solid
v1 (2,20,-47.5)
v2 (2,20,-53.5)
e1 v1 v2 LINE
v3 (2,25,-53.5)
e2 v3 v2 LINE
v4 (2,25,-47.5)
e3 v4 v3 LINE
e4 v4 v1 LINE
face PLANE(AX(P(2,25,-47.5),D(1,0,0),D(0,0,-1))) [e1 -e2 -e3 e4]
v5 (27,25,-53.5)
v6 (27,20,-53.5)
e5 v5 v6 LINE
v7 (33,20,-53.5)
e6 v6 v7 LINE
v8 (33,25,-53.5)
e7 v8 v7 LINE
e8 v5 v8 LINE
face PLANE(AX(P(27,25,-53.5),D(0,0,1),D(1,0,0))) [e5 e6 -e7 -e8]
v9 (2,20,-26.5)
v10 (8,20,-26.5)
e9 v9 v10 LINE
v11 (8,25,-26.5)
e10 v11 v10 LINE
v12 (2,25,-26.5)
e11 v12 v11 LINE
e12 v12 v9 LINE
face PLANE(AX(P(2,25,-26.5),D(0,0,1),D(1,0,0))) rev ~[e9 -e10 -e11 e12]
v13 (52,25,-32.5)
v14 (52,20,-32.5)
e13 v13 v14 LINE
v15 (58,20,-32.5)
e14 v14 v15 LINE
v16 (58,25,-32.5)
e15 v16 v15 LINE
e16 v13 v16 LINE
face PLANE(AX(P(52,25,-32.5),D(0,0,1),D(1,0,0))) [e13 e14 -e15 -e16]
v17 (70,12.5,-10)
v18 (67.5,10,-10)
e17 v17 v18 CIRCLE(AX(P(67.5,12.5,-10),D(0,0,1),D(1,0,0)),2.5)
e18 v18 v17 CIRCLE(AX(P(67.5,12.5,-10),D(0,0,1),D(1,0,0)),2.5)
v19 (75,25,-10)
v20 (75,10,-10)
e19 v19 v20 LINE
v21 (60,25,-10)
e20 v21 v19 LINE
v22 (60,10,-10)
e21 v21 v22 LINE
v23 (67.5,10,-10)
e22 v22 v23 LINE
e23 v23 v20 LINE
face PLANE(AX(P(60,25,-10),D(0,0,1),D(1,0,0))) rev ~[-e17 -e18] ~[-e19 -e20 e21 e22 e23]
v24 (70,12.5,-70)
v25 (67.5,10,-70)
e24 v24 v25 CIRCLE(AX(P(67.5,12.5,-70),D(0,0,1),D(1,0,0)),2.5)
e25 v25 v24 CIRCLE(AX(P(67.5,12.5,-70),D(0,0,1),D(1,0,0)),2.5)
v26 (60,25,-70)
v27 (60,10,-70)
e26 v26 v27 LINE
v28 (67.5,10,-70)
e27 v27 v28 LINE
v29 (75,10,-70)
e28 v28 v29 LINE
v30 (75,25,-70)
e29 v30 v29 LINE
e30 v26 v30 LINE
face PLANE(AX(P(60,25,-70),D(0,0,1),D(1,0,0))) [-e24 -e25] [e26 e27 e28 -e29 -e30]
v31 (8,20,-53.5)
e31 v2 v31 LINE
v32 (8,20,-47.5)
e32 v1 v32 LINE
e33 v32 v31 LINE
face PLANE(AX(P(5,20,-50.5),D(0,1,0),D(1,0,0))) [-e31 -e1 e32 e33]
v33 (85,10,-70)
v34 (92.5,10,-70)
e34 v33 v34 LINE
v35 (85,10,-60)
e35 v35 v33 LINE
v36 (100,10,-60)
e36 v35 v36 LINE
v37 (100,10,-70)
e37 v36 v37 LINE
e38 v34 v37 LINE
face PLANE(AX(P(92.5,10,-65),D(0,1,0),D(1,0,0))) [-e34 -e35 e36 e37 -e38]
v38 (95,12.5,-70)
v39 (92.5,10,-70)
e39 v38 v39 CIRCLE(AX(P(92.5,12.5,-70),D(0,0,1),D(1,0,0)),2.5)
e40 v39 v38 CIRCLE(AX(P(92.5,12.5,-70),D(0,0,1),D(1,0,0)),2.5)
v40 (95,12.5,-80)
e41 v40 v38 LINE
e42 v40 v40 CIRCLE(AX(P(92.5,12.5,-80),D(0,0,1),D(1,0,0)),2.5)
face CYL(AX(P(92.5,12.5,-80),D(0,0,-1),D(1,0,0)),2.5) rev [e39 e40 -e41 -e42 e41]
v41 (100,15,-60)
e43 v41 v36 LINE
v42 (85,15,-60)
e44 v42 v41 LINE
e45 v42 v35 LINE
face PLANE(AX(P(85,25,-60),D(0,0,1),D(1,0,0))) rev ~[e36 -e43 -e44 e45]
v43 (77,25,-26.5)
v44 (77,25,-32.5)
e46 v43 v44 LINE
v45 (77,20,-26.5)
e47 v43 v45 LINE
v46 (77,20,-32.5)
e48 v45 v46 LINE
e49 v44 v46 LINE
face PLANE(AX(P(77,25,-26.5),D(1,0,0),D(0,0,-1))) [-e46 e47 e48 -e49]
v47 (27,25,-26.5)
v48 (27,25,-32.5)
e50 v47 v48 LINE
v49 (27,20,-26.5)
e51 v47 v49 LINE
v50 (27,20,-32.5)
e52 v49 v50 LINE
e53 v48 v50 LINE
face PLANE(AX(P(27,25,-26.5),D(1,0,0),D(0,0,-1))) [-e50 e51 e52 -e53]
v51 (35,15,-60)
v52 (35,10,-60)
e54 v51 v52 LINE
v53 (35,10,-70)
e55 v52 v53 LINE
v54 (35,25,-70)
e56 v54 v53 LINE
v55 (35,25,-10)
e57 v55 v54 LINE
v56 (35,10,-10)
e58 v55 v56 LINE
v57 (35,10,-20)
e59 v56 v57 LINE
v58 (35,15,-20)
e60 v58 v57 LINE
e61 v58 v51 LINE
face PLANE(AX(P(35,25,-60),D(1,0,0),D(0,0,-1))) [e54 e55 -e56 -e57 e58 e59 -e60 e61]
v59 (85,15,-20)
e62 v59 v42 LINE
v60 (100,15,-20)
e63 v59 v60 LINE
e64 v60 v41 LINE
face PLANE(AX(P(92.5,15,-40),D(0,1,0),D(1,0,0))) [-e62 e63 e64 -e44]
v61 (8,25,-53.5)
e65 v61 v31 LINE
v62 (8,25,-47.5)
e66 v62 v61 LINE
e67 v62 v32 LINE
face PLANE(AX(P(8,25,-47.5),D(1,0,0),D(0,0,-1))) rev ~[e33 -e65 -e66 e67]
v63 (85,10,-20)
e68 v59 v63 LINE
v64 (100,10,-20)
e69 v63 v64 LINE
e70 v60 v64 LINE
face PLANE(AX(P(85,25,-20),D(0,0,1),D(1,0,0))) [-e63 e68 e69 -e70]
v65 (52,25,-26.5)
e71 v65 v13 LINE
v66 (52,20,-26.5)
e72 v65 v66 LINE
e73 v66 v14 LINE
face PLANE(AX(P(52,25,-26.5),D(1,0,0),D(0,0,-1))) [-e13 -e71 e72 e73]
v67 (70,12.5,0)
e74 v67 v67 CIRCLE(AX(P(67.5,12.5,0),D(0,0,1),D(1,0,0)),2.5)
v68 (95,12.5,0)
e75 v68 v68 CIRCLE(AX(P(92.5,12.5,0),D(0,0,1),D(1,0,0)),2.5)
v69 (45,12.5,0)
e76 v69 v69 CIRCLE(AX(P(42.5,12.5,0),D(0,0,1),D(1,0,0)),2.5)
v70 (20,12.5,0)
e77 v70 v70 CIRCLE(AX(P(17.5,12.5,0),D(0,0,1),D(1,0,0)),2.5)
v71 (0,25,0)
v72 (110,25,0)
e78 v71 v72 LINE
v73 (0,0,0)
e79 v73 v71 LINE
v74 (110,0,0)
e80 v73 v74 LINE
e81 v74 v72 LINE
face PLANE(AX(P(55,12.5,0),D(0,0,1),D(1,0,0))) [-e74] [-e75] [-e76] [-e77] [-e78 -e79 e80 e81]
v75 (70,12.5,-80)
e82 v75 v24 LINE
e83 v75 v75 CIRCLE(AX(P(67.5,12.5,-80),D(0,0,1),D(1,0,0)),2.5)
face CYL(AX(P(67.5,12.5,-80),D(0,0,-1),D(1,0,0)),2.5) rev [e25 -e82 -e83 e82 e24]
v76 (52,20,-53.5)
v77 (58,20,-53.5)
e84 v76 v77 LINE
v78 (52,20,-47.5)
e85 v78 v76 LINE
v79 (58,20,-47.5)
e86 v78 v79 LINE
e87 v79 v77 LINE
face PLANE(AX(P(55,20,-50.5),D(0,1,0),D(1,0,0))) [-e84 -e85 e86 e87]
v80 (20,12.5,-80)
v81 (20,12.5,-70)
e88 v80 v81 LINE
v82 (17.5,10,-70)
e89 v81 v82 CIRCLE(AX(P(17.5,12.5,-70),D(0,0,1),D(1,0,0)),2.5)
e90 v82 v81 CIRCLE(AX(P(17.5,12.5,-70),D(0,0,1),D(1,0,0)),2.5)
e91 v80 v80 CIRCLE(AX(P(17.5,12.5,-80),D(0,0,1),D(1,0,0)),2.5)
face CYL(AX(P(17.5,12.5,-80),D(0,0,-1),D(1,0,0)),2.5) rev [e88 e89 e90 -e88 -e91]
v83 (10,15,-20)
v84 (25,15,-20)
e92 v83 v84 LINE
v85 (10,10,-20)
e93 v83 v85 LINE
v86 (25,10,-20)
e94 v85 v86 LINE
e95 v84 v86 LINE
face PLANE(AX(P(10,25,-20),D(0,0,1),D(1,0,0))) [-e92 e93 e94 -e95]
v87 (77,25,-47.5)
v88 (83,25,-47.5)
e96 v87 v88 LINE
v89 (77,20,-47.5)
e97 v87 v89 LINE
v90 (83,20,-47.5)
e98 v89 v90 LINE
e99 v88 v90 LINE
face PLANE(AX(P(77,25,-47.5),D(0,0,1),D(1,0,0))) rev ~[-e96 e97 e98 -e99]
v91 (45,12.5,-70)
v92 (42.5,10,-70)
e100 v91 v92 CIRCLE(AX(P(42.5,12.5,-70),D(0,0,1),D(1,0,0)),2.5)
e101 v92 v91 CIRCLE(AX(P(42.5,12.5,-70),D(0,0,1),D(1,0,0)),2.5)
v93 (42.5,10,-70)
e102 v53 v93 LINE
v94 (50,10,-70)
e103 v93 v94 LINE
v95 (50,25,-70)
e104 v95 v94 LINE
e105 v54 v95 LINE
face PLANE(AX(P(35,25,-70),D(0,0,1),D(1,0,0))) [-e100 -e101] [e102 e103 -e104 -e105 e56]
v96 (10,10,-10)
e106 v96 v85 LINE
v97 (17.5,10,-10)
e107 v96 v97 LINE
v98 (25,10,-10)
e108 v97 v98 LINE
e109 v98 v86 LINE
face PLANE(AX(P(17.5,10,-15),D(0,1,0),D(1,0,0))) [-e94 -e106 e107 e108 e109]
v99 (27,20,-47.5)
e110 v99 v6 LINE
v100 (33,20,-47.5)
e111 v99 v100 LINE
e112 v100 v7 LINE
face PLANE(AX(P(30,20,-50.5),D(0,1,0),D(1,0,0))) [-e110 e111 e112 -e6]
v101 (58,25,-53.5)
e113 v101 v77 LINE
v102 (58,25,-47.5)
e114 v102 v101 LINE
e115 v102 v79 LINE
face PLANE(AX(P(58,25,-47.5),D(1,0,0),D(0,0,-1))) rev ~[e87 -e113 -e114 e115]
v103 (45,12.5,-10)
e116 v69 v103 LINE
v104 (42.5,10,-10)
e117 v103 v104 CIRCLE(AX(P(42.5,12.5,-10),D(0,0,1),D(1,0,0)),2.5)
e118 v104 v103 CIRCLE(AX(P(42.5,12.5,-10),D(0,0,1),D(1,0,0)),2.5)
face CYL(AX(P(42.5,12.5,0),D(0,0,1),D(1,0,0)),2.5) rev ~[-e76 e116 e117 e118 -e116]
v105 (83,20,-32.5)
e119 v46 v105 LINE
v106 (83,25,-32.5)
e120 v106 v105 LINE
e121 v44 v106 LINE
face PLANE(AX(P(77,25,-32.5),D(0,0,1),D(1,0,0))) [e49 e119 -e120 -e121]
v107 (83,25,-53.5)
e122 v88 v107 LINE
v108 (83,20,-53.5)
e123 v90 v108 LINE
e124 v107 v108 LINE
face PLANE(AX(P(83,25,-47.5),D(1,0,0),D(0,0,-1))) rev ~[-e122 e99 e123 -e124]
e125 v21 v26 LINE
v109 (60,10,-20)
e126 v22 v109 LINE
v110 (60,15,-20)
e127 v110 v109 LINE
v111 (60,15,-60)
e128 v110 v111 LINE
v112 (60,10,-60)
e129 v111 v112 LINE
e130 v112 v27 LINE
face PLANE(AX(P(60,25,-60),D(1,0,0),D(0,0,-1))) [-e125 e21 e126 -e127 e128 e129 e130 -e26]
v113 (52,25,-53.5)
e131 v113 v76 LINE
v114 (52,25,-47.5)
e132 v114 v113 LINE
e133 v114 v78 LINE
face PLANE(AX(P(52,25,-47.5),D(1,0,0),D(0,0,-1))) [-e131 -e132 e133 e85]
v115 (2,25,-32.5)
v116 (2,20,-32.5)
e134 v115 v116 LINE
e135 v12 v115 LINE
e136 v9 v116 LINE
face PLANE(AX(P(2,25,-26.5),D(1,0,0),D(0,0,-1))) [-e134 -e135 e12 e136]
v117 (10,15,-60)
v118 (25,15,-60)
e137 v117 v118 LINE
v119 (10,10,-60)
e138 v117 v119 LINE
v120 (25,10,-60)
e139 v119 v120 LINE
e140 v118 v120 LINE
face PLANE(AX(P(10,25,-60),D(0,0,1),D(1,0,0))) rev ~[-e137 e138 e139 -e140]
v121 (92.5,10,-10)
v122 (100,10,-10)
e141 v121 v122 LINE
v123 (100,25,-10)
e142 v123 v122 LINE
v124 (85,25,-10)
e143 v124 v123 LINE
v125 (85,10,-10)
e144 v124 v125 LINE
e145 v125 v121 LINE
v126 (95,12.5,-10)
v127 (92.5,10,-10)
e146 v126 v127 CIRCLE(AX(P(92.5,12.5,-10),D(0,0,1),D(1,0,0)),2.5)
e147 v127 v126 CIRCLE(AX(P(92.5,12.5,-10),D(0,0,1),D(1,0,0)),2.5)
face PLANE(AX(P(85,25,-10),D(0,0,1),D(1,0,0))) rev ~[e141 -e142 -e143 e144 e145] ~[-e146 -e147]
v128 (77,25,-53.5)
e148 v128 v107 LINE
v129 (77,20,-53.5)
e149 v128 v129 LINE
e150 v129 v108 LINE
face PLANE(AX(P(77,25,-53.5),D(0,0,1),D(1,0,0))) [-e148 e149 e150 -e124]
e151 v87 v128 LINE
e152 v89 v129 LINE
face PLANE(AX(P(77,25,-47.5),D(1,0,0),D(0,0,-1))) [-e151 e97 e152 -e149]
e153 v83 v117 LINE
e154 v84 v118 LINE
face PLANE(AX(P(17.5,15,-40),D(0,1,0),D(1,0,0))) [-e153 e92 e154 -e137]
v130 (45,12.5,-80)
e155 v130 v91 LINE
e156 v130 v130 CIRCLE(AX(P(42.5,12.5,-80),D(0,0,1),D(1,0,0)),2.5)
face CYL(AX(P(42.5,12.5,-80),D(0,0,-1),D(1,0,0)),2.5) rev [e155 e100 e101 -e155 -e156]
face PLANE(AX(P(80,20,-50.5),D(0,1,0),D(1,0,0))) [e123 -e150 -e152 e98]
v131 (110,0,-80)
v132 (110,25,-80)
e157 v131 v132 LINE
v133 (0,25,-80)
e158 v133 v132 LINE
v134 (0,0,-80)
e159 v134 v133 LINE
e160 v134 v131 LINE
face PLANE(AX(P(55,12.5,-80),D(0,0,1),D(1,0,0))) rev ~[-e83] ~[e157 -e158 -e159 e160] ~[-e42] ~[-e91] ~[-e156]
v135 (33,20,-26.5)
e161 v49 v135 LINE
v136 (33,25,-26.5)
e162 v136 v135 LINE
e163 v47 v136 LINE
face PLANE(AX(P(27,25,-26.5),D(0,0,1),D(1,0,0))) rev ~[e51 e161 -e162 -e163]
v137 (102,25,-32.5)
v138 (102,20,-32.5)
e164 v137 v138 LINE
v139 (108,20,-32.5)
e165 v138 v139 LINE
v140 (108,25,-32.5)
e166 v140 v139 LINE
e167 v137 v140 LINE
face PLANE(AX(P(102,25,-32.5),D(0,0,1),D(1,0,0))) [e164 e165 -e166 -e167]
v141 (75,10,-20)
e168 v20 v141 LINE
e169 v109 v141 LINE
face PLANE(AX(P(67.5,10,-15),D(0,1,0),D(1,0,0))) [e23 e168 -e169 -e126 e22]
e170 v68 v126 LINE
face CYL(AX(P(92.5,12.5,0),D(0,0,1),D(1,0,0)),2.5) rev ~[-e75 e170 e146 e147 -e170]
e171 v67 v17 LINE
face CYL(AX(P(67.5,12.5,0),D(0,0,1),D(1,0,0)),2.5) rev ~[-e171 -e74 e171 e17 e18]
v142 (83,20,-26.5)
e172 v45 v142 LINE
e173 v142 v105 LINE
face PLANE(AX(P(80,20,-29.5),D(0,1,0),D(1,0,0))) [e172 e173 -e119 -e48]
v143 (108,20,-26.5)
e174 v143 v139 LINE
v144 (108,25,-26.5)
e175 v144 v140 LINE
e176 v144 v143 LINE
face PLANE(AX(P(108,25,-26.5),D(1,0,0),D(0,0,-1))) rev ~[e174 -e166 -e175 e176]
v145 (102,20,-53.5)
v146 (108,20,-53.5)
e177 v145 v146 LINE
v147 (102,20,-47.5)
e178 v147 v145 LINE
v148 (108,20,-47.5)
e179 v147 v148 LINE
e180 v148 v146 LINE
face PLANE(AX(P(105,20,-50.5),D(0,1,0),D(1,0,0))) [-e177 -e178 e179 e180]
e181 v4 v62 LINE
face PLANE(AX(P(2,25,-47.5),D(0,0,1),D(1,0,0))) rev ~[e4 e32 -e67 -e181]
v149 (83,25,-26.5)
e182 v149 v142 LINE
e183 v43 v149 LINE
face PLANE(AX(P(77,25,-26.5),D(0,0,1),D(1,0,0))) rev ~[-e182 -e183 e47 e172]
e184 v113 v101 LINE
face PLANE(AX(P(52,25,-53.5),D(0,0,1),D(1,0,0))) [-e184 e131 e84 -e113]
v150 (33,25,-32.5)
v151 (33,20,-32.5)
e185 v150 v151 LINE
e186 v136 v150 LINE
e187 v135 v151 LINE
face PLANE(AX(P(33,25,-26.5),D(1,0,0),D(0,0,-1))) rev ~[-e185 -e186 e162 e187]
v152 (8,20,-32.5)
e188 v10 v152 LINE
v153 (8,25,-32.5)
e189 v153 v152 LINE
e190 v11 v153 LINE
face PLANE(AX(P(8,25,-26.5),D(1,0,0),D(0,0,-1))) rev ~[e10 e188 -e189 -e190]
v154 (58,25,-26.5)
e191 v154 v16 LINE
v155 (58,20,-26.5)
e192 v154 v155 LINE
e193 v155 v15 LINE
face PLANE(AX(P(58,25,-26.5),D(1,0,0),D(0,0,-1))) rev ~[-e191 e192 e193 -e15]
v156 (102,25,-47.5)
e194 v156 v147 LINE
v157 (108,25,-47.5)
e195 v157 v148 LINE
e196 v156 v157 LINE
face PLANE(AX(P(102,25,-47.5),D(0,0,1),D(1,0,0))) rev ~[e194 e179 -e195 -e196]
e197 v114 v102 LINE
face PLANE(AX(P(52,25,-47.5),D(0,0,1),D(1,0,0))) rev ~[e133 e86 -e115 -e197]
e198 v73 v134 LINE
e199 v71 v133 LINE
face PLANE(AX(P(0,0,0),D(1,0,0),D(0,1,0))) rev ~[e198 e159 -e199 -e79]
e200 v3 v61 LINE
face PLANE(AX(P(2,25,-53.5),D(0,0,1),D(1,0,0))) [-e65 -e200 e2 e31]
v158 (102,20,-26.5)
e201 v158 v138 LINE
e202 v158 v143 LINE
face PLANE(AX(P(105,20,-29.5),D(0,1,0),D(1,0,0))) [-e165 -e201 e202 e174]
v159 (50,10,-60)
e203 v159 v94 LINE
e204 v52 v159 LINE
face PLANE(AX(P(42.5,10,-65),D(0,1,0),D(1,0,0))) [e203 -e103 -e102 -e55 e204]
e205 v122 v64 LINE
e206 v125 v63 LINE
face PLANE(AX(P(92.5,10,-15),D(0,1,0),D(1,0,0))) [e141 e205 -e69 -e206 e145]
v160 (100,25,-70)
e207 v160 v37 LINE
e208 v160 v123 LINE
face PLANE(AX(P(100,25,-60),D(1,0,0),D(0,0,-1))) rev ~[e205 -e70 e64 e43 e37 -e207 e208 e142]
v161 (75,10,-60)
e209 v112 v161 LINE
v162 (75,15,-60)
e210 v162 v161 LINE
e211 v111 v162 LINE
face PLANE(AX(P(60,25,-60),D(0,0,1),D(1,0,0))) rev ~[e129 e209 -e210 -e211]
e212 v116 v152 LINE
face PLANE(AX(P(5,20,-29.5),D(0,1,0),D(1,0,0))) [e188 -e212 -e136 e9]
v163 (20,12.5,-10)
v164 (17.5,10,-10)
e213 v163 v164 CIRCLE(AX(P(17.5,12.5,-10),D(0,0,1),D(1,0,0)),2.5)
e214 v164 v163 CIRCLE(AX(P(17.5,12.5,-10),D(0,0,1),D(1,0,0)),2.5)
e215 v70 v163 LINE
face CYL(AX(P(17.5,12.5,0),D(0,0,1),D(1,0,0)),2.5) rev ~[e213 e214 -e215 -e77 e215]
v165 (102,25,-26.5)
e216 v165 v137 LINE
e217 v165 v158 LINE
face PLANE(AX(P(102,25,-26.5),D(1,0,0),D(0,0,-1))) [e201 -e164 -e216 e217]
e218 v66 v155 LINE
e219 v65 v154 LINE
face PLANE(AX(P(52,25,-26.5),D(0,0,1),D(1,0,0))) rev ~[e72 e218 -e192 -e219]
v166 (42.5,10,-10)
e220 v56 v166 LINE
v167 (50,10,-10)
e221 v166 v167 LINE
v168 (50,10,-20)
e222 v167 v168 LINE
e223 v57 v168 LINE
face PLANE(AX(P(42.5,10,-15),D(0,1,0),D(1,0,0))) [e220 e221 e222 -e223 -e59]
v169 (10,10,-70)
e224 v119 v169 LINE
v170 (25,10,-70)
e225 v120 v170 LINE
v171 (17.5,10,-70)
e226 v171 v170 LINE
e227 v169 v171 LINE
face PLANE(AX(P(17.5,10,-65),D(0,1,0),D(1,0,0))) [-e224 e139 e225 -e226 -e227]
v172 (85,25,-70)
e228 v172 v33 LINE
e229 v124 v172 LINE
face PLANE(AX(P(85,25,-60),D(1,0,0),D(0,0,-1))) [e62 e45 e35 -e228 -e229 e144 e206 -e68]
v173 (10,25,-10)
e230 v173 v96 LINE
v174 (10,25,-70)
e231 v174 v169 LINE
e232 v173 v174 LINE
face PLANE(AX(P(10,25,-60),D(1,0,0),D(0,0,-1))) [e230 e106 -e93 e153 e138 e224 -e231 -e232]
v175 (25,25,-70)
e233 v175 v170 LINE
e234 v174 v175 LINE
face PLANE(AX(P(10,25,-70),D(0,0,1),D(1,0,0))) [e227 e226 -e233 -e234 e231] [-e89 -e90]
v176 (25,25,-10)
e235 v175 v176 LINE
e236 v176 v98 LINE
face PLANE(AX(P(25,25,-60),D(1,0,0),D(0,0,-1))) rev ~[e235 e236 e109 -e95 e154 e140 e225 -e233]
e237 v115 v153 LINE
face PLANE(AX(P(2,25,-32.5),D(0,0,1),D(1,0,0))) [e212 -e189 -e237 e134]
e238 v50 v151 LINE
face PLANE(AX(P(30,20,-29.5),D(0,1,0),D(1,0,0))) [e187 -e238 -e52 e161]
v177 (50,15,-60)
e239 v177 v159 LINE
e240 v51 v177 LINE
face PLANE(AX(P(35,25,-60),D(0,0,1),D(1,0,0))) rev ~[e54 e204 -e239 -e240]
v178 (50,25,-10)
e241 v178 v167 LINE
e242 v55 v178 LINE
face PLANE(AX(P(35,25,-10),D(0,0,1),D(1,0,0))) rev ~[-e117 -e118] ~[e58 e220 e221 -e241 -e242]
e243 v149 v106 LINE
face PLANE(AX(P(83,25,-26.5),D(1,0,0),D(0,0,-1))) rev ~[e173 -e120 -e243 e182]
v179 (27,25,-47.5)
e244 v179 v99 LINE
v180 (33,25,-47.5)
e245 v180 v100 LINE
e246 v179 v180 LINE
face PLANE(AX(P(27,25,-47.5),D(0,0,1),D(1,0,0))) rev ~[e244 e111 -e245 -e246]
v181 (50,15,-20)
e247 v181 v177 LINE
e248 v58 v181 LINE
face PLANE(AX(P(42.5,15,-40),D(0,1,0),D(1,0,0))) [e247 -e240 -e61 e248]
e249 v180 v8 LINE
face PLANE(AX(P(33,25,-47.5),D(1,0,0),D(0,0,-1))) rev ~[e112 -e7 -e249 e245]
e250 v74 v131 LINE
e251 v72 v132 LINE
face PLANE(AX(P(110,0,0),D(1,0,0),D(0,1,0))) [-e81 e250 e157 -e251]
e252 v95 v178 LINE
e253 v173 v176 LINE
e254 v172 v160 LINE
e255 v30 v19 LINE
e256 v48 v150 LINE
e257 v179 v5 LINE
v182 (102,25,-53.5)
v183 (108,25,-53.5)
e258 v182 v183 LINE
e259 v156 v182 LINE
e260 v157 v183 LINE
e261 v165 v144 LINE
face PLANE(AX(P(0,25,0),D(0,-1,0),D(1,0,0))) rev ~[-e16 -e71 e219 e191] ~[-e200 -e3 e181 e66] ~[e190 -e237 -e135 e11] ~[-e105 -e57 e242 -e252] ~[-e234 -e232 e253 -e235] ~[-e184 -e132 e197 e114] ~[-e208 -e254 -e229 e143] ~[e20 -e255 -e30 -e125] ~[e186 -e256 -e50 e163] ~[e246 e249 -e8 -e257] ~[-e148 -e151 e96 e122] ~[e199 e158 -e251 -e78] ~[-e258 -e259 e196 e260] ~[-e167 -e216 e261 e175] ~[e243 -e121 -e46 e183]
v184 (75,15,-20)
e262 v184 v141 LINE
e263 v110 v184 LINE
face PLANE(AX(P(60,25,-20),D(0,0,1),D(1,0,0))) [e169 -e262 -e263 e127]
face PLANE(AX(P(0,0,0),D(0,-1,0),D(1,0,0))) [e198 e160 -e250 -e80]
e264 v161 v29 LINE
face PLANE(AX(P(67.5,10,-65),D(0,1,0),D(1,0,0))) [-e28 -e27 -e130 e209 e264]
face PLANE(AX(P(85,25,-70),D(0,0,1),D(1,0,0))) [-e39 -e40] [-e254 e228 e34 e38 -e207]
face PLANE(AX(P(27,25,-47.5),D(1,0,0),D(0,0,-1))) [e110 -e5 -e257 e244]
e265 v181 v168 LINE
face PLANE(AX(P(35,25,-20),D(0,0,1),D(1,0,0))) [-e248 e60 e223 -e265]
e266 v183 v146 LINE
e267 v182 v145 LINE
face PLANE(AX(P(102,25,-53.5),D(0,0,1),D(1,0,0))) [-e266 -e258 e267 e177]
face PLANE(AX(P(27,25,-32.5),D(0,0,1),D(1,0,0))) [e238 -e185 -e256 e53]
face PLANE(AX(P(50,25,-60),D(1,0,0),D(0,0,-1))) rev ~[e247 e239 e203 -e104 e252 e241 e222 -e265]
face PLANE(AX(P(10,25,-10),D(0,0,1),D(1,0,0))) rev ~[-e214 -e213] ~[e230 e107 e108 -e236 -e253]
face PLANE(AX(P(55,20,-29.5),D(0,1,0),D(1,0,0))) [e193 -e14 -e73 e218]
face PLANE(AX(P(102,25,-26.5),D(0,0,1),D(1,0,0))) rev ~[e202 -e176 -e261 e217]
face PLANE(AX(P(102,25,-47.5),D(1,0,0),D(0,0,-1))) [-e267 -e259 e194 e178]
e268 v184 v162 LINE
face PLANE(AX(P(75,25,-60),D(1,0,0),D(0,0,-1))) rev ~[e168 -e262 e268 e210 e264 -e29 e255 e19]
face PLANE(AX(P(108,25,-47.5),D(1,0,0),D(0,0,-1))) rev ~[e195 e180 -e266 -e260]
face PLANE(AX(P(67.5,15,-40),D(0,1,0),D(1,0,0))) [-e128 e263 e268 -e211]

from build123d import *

# Parameters (mm, degrees)
SKETCH1_W           = 110
SKETCH1_H           = 25
BOSS_EXTRUDE1_DEPTH = 80
SKETCH2_W           = 15
SKETCH2_H           = 10
CUT_EXTRUDE1_DEPTH  = 15
SKETCH4_R           = 2.5
CUT_EXTRUDE2_DEPTH  = 10
SKETCH5_W           = 15
SKETCH5_H           = 40
CUT_EXTRUDE3_DEPTH  = 10
SKETCH6_W           = 6
SKETCH6_H           = 6
CUT_EXTRUDE4_DEPTH  = 5


with BuildPart() as part:
    # Sketch1 → Boss-Extrude1 (new body)
    with BuildSketch(Plane.XY):
        with Locations((55, 12.5)):
            Rectangle(SKETCH1_W, SKETCH1_H)
    extrude(amount=-BOSS_EXTRUDE1_DEPTH)

    # Sketch2 → Cut-Extrude1 (cut)
    with BuildSketch(Plane(origin=(0, 25, 0), x_dir=(1, 0, 0), z_dir=(0, 1, 0))):
        with Locations((17.5, 15)):
            Rectangle(SKETCH2_W, SKETCH2_H)
        with Locations((17.5, 65)):
            Rectangle(SKETCH2_W, SKETCH2_H)
        with Locations((42.5, 15)):
            Rectangle(SKETCH2_W, SKETCH2_H)
        with Locations((42.5, 65)):
            Rectangle(SKETCH2_W, SKETCH2_H)
        with Locations((67.5, 15)):
            Rectangle(SKETCH2_W, SKETCH2_H)
        with Locations((67.5, 65)):
            Rectangle(SKETCH2_W, SKETCH2_H)
        with Locations((92.5, 15)):
            Rectangle(SKETCH2_W, SKETCH2_H)
        with Locations((92.5, 65)):
            Rectangle(SKETCH2_W, SKETCH2_H)
    extrude(amount=-CUT_EXTRUDE1_DEPTH, mode=Mode.SUBTRACT)

    # Sketch4 → Cut-Extrude2 (cut)
    with BuildSketch(Plane.XY):
        with Locations((17.5, 12.5)):
            Circle(SKETCH4_R)
        with Locations((42.5, 12.5)):
            Circle(SKETCH4_R)
        with Locations((67.5, 12.5)):
            Circle(SKETCH4_R)
        with Locations((92.5, 12.5)):
            Circle(SKETCH4_R)
    cut_extrude2 = extrude(amount=-CUT_EXTRUDE2_DEPTH, mode=Mode.SUBTRACT)

    # Mirror1: Cut-Extrude2 across plane
    add(cut_extrude2.mirror(Plane.XY.offset(-40)), mode=Mode.SUBTRACT)

    # Sketch5 → Cut-Extrude3 (cut)
    with BuildSketch(Plane(origin=(0, 25, 0), x_dir=(1, 0, 0), z_dir=(0, 1, 0))):
        with Locations((42.5, 40)):
            Rectangle(SKETCH5_W, SKETCH5_H)
        with Locations((17.5, 40)):
            Rectangle(SKETCH5_W, SKETCH5_H)
        with Locations((67.5, 40)):
            Rectangle(SKETCH5_W, SKETCH5_H)
        with Locations((92.5, 40)):
            Rectangle(SKETCH5_W, SKETCH5_H)
    extrude(amount=-CUT_EXTRUDE3_DEPTH, mode=Mode.SUBTRACT)

    # Sketch6 → Cut-Extrude4 (cut)
    with BuildSketch(Plane(origin=(0, 25, 0), x_dir=(1, 0, 0), z_dir=(0, 1, 0))):
        with Locations((5, 50.5)):
            Rectangle(SKETCH6_W, SKETCH6_H)
        with Locations((30, 50.5)):
            Rectangle(SKETCH6_W, SKETCH6_H)
        with Locations((55, 50.5)):
            Rectangle(SKETCH6_W, SKETCH6_H)
        with Locations((80, 50.5)):
            Rectangle(SKETCH6_W, SKETCH6_H)
        with Locations((105, 50.5)):
            Rectangle(SKETCH6_W, SKETCH6_H)
        with Locations((30, 29.5)):
            Rectangle(SKETCH6_W, SKETCH6_H)
        with Locations((55, 29.5)):
            Rectangle(SKETCH6_W, SKETCH6_H)
        with Locations((80, 29.5)):
            Rectangle(SKETCH6_W, SKETCH6_H)
        with Locations((105, 29.5)):
            Rectangle(SKETCH6_W, SKETCH6_H)
        with Locations((5, 29.5)):
            Rectangle(SKETCH6_W, SKETCH6_H)
    extrude(amount=-CUT_EXTRUDE4_DEPTH, mode=Mode.SUBTRACT)


solid = part.part
